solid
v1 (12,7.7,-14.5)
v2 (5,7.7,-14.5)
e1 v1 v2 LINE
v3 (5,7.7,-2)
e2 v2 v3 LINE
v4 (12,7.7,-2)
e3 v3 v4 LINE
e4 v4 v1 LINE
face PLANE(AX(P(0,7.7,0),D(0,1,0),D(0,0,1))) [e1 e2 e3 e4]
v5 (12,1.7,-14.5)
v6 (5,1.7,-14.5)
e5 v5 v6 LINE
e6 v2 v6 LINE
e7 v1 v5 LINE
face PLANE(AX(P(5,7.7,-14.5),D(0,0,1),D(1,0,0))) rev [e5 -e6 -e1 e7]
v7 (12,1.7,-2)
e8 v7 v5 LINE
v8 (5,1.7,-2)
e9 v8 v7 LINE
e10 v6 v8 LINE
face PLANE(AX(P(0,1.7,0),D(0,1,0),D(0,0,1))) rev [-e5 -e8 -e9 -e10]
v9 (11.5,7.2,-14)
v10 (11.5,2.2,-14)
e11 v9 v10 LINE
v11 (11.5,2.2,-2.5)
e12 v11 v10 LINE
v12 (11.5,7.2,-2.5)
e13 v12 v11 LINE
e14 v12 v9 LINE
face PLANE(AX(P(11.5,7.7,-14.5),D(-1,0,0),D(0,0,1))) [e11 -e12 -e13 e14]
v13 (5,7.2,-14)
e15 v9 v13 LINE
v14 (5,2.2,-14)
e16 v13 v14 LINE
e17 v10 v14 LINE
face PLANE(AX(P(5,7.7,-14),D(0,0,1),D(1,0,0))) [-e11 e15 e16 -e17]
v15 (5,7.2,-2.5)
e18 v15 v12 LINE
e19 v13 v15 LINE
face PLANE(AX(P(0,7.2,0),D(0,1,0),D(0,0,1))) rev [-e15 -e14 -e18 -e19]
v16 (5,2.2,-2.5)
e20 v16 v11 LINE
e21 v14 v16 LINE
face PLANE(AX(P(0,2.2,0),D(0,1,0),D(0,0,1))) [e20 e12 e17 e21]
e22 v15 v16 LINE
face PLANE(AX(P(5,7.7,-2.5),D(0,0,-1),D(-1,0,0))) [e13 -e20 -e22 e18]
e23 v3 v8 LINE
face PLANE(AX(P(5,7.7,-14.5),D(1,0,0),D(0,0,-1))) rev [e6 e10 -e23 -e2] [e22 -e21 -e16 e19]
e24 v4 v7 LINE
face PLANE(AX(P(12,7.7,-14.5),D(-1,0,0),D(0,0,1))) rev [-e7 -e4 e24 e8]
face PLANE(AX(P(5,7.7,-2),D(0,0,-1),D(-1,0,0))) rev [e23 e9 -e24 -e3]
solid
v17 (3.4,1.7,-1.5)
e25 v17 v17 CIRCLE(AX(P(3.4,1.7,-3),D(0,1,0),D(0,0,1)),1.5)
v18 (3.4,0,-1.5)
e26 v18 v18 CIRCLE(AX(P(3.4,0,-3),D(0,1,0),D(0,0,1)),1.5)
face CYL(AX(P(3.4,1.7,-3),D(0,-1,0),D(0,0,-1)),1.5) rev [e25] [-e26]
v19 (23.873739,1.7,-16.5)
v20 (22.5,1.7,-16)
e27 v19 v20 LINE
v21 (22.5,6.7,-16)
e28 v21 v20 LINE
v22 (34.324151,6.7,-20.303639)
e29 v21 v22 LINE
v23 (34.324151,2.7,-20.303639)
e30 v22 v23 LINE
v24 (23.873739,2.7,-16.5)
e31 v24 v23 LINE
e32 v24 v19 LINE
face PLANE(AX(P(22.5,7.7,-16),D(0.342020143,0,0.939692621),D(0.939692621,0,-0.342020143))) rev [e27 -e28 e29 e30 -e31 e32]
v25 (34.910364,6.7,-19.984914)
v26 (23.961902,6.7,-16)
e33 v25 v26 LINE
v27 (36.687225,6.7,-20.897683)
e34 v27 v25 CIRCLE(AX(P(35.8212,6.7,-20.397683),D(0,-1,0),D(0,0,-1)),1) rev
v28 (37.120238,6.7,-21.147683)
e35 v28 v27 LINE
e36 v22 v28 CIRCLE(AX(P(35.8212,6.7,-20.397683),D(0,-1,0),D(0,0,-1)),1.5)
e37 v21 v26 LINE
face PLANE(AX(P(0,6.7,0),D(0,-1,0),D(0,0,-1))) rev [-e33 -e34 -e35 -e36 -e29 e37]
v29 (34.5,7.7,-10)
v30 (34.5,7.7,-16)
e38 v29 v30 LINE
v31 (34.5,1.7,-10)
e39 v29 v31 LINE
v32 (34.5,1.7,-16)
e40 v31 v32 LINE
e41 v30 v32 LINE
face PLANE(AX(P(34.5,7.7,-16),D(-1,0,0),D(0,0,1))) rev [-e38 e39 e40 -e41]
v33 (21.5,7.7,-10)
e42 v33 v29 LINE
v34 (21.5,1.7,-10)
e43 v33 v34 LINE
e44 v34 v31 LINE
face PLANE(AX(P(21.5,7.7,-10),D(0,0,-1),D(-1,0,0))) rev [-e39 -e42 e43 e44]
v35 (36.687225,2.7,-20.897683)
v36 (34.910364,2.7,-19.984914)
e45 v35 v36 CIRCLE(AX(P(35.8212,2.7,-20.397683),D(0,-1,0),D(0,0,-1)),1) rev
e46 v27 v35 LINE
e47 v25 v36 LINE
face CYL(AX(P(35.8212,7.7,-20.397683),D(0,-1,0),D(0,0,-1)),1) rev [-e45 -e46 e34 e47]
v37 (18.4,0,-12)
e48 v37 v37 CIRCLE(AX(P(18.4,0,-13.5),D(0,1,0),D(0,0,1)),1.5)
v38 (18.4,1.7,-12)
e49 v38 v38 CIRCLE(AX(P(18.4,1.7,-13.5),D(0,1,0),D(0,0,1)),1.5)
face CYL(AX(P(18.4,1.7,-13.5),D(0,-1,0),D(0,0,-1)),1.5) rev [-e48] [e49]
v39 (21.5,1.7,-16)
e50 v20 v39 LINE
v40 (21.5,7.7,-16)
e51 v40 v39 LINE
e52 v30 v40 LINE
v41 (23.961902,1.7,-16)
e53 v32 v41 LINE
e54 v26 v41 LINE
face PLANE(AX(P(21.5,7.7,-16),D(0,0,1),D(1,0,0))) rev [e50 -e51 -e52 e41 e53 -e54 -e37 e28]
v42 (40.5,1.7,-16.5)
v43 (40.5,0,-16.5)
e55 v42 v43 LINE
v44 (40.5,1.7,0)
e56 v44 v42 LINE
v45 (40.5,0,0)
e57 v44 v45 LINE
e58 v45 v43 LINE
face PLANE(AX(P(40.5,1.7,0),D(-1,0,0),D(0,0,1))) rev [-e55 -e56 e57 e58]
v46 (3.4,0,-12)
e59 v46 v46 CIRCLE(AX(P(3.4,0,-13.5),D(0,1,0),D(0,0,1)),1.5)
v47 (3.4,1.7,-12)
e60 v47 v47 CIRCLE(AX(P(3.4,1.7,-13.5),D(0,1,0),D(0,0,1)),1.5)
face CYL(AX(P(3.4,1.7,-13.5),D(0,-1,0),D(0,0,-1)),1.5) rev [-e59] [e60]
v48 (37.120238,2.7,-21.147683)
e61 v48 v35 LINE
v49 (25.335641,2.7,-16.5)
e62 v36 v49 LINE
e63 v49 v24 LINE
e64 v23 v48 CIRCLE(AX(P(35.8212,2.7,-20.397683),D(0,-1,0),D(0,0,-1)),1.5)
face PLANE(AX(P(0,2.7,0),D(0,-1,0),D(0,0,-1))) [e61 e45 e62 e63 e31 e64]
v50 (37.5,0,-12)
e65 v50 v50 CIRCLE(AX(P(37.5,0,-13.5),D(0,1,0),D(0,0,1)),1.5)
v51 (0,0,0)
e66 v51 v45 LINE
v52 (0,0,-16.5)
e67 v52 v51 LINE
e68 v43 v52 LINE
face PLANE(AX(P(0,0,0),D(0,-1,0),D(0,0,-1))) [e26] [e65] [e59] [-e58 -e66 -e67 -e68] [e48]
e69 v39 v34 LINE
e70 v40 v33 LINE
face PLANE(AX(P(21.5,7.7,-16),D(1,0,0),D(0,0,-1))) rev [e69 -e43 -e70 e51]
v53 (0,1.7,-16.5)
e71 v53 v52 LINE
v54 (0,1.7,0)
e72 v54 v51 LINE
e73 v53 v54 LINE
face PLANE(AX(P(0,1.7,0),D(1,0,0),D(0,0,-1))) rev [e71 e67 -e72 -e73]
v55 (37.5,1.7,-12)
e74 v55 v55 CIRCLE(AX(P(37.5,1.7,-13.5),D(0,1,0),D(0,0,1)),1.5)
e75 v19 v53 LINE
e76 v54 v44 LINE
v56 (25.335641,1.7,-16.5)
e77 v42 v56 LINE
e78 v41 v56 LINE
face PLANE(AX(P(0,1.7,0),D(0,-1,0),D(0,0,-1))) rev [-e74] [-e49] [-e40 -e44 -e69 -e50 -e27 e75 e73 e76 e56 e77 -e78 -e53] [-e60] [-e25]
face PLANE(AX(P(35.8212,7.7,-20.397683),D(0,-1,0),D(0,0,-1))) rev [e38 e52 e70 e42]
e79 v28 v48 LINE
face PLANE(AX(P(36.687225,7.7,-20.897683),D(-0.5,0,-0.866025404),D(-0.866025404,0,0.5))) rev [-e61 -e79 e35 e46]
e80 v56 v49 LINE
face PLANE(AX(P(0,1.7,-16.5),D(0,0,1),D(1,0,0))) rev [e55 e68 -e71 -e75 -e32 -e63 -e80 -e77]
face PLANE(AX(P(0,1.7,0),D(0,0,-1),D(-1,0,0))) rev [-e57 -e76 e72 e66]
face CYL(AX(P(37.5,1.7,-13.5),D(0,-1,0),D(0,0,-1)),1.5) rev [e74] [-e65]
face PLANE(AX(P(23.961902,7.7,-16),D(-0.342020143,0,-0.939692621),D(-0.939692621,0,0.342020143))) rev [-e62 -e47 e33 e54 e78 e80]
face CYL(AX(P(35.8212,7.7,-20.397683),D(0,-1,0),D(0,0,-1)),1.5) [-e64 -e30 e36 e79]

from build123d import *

# Parameters (mm, degrees)
SKETCH1_W           = 40.5
SKETCH1_H           = 16.5
SKETCH1_R           = 1.5
BOSS_EXTRUDE1_DEPTH = 1.7
SKETCH2_W           = 7
SKETCH2_H           = 12.5
BOSS_EXTRUDE2_DEPTH = 6
SHELL1_T            = -0.5
BOSS_EXTRUDE3_DEPTH = 6
SKETCH4_W           = 14.620237932
SKETCH4_H           = 5.897683247
CUT_EXTRUDE1_DEPTH  = 1
SKETCH5_W           = 13.246499222
SKETCH5_H           = 5.397683247
CUT_EXTRUDE2_DEPTH  = 1


with BuildPart() as part:
    # Sketch1 → Boss-Extrude1 (new body)
    with BuildSketch(Plane(origin=(0, 0, 0), x_dir=(1, 0, 0), z_dir=(0, 1, 0))):
        with Locations((20.25, 8.25)):
            Rectangle(SKETCH1_W, SKETCH1_H)
        with Locations((3.4, 3)):
            Circle(SKETCH1_R, mode=Mode.SUBTRACT)
        with Locations((3.4, 13.5)):
            Circle(SKETCH1_R, mode=Mode.SUBTRACT)
        with Locations((18.4, 13.5)):
            Circle(SKETCH1_R, mode=Mode.SUBTRACT)
        with Locations((37.5, 13.5)):
            Circle(SKETCH1_R, mode=Mode.SUBTRACT)
    extrude(amount=BOSS_EXTRUDE1_DEPTH)

    # Sketch3 → Boss-Extrude3 (add)
    with BuildSketch(Plane(origin=(0, 1.7, 0), x_dir=(1, 0, 0), z_dir=(0, 1, 0))):
        with BuildLine():
            Line((21.5, 16), (21.5, 10))
            Line((21.5, 10), (34.5, 10))
            Line((34.5, 10), (34.5, 16))
            Line((34.5, 16), (23.9619022, 16))
            Line((23.9619022, 16), (34.910364087, 19.984914238))
            ThreePointArc((34.910364087, 19.984914238), (35.364265687, 21.287183777), (36.68722523, 20.897683247))
            Line((36.68722523, 20.897683247), (37.120237932, 21.147683247))
            ThreePointArc((37.120237932, 21.147683247), (35.387719987, 21.833682979), (34.324150839, 20.303638951))
            Line((34.324150839, 20.303638951), (22.5, 16))
            Line((22.5, 16), (21.5, 16))
        make_face()
    extrude(amount=BOSS_EXTRUDE3_DEPTH)

    # Sketch4 → Cut-Extrude1 (cut)
    with BuildSketch(Plane(origin=(0, 7.7, 0), x_dir=(1, 0, 0), z_dir=(0, 1, 0))):
        with Locations((29.810118966, 18.948841624)):
            Rectangle(SKETCH4_W, SKETCH4_H)
    extrude(amount=-CUT_EXTRUDE1_DEPTH, mode=Mode.SUBTRACT)

    # Sketch5 → Cut-Extrude2 (cut)
    with BuildSketch(Plane.XZ.offset(-1.7)):
        with Locations((30.496988321, -19.198841624)):
            Rectangle(SKETCH5_W, SKETCH5_H)
    extrude(amount=-CUT_EXTRUDE2_DEPTH, mode=Mode.SUBTRACT)


with BuildPart() as body_2:
    # Sketch2 → Boss-Extrude2 (new body)
    with BuildSketch(Plane(origin=(0, 1.7, 0), x_dir=(1, 0, 0), z_dir=(0, 1, 0))):
        with Locations((8.5, 8.25)):
            Rectangle(SKETCH2_W, SKETCH2_H)
    extrude(amount=BOSS_EXTRUDE2_DEPTH)

    # Shell1
    shell1_openings = [body_2.faces().sort_by_distance(p)[0] for p in [
        (5, 4.7, -8.25),
    ]]
    offset(amount=SHELL1_T, openings=shell1_openings, kind=Kind.INTERSECTION)


solid = Compound([part.part, body_2.part])
